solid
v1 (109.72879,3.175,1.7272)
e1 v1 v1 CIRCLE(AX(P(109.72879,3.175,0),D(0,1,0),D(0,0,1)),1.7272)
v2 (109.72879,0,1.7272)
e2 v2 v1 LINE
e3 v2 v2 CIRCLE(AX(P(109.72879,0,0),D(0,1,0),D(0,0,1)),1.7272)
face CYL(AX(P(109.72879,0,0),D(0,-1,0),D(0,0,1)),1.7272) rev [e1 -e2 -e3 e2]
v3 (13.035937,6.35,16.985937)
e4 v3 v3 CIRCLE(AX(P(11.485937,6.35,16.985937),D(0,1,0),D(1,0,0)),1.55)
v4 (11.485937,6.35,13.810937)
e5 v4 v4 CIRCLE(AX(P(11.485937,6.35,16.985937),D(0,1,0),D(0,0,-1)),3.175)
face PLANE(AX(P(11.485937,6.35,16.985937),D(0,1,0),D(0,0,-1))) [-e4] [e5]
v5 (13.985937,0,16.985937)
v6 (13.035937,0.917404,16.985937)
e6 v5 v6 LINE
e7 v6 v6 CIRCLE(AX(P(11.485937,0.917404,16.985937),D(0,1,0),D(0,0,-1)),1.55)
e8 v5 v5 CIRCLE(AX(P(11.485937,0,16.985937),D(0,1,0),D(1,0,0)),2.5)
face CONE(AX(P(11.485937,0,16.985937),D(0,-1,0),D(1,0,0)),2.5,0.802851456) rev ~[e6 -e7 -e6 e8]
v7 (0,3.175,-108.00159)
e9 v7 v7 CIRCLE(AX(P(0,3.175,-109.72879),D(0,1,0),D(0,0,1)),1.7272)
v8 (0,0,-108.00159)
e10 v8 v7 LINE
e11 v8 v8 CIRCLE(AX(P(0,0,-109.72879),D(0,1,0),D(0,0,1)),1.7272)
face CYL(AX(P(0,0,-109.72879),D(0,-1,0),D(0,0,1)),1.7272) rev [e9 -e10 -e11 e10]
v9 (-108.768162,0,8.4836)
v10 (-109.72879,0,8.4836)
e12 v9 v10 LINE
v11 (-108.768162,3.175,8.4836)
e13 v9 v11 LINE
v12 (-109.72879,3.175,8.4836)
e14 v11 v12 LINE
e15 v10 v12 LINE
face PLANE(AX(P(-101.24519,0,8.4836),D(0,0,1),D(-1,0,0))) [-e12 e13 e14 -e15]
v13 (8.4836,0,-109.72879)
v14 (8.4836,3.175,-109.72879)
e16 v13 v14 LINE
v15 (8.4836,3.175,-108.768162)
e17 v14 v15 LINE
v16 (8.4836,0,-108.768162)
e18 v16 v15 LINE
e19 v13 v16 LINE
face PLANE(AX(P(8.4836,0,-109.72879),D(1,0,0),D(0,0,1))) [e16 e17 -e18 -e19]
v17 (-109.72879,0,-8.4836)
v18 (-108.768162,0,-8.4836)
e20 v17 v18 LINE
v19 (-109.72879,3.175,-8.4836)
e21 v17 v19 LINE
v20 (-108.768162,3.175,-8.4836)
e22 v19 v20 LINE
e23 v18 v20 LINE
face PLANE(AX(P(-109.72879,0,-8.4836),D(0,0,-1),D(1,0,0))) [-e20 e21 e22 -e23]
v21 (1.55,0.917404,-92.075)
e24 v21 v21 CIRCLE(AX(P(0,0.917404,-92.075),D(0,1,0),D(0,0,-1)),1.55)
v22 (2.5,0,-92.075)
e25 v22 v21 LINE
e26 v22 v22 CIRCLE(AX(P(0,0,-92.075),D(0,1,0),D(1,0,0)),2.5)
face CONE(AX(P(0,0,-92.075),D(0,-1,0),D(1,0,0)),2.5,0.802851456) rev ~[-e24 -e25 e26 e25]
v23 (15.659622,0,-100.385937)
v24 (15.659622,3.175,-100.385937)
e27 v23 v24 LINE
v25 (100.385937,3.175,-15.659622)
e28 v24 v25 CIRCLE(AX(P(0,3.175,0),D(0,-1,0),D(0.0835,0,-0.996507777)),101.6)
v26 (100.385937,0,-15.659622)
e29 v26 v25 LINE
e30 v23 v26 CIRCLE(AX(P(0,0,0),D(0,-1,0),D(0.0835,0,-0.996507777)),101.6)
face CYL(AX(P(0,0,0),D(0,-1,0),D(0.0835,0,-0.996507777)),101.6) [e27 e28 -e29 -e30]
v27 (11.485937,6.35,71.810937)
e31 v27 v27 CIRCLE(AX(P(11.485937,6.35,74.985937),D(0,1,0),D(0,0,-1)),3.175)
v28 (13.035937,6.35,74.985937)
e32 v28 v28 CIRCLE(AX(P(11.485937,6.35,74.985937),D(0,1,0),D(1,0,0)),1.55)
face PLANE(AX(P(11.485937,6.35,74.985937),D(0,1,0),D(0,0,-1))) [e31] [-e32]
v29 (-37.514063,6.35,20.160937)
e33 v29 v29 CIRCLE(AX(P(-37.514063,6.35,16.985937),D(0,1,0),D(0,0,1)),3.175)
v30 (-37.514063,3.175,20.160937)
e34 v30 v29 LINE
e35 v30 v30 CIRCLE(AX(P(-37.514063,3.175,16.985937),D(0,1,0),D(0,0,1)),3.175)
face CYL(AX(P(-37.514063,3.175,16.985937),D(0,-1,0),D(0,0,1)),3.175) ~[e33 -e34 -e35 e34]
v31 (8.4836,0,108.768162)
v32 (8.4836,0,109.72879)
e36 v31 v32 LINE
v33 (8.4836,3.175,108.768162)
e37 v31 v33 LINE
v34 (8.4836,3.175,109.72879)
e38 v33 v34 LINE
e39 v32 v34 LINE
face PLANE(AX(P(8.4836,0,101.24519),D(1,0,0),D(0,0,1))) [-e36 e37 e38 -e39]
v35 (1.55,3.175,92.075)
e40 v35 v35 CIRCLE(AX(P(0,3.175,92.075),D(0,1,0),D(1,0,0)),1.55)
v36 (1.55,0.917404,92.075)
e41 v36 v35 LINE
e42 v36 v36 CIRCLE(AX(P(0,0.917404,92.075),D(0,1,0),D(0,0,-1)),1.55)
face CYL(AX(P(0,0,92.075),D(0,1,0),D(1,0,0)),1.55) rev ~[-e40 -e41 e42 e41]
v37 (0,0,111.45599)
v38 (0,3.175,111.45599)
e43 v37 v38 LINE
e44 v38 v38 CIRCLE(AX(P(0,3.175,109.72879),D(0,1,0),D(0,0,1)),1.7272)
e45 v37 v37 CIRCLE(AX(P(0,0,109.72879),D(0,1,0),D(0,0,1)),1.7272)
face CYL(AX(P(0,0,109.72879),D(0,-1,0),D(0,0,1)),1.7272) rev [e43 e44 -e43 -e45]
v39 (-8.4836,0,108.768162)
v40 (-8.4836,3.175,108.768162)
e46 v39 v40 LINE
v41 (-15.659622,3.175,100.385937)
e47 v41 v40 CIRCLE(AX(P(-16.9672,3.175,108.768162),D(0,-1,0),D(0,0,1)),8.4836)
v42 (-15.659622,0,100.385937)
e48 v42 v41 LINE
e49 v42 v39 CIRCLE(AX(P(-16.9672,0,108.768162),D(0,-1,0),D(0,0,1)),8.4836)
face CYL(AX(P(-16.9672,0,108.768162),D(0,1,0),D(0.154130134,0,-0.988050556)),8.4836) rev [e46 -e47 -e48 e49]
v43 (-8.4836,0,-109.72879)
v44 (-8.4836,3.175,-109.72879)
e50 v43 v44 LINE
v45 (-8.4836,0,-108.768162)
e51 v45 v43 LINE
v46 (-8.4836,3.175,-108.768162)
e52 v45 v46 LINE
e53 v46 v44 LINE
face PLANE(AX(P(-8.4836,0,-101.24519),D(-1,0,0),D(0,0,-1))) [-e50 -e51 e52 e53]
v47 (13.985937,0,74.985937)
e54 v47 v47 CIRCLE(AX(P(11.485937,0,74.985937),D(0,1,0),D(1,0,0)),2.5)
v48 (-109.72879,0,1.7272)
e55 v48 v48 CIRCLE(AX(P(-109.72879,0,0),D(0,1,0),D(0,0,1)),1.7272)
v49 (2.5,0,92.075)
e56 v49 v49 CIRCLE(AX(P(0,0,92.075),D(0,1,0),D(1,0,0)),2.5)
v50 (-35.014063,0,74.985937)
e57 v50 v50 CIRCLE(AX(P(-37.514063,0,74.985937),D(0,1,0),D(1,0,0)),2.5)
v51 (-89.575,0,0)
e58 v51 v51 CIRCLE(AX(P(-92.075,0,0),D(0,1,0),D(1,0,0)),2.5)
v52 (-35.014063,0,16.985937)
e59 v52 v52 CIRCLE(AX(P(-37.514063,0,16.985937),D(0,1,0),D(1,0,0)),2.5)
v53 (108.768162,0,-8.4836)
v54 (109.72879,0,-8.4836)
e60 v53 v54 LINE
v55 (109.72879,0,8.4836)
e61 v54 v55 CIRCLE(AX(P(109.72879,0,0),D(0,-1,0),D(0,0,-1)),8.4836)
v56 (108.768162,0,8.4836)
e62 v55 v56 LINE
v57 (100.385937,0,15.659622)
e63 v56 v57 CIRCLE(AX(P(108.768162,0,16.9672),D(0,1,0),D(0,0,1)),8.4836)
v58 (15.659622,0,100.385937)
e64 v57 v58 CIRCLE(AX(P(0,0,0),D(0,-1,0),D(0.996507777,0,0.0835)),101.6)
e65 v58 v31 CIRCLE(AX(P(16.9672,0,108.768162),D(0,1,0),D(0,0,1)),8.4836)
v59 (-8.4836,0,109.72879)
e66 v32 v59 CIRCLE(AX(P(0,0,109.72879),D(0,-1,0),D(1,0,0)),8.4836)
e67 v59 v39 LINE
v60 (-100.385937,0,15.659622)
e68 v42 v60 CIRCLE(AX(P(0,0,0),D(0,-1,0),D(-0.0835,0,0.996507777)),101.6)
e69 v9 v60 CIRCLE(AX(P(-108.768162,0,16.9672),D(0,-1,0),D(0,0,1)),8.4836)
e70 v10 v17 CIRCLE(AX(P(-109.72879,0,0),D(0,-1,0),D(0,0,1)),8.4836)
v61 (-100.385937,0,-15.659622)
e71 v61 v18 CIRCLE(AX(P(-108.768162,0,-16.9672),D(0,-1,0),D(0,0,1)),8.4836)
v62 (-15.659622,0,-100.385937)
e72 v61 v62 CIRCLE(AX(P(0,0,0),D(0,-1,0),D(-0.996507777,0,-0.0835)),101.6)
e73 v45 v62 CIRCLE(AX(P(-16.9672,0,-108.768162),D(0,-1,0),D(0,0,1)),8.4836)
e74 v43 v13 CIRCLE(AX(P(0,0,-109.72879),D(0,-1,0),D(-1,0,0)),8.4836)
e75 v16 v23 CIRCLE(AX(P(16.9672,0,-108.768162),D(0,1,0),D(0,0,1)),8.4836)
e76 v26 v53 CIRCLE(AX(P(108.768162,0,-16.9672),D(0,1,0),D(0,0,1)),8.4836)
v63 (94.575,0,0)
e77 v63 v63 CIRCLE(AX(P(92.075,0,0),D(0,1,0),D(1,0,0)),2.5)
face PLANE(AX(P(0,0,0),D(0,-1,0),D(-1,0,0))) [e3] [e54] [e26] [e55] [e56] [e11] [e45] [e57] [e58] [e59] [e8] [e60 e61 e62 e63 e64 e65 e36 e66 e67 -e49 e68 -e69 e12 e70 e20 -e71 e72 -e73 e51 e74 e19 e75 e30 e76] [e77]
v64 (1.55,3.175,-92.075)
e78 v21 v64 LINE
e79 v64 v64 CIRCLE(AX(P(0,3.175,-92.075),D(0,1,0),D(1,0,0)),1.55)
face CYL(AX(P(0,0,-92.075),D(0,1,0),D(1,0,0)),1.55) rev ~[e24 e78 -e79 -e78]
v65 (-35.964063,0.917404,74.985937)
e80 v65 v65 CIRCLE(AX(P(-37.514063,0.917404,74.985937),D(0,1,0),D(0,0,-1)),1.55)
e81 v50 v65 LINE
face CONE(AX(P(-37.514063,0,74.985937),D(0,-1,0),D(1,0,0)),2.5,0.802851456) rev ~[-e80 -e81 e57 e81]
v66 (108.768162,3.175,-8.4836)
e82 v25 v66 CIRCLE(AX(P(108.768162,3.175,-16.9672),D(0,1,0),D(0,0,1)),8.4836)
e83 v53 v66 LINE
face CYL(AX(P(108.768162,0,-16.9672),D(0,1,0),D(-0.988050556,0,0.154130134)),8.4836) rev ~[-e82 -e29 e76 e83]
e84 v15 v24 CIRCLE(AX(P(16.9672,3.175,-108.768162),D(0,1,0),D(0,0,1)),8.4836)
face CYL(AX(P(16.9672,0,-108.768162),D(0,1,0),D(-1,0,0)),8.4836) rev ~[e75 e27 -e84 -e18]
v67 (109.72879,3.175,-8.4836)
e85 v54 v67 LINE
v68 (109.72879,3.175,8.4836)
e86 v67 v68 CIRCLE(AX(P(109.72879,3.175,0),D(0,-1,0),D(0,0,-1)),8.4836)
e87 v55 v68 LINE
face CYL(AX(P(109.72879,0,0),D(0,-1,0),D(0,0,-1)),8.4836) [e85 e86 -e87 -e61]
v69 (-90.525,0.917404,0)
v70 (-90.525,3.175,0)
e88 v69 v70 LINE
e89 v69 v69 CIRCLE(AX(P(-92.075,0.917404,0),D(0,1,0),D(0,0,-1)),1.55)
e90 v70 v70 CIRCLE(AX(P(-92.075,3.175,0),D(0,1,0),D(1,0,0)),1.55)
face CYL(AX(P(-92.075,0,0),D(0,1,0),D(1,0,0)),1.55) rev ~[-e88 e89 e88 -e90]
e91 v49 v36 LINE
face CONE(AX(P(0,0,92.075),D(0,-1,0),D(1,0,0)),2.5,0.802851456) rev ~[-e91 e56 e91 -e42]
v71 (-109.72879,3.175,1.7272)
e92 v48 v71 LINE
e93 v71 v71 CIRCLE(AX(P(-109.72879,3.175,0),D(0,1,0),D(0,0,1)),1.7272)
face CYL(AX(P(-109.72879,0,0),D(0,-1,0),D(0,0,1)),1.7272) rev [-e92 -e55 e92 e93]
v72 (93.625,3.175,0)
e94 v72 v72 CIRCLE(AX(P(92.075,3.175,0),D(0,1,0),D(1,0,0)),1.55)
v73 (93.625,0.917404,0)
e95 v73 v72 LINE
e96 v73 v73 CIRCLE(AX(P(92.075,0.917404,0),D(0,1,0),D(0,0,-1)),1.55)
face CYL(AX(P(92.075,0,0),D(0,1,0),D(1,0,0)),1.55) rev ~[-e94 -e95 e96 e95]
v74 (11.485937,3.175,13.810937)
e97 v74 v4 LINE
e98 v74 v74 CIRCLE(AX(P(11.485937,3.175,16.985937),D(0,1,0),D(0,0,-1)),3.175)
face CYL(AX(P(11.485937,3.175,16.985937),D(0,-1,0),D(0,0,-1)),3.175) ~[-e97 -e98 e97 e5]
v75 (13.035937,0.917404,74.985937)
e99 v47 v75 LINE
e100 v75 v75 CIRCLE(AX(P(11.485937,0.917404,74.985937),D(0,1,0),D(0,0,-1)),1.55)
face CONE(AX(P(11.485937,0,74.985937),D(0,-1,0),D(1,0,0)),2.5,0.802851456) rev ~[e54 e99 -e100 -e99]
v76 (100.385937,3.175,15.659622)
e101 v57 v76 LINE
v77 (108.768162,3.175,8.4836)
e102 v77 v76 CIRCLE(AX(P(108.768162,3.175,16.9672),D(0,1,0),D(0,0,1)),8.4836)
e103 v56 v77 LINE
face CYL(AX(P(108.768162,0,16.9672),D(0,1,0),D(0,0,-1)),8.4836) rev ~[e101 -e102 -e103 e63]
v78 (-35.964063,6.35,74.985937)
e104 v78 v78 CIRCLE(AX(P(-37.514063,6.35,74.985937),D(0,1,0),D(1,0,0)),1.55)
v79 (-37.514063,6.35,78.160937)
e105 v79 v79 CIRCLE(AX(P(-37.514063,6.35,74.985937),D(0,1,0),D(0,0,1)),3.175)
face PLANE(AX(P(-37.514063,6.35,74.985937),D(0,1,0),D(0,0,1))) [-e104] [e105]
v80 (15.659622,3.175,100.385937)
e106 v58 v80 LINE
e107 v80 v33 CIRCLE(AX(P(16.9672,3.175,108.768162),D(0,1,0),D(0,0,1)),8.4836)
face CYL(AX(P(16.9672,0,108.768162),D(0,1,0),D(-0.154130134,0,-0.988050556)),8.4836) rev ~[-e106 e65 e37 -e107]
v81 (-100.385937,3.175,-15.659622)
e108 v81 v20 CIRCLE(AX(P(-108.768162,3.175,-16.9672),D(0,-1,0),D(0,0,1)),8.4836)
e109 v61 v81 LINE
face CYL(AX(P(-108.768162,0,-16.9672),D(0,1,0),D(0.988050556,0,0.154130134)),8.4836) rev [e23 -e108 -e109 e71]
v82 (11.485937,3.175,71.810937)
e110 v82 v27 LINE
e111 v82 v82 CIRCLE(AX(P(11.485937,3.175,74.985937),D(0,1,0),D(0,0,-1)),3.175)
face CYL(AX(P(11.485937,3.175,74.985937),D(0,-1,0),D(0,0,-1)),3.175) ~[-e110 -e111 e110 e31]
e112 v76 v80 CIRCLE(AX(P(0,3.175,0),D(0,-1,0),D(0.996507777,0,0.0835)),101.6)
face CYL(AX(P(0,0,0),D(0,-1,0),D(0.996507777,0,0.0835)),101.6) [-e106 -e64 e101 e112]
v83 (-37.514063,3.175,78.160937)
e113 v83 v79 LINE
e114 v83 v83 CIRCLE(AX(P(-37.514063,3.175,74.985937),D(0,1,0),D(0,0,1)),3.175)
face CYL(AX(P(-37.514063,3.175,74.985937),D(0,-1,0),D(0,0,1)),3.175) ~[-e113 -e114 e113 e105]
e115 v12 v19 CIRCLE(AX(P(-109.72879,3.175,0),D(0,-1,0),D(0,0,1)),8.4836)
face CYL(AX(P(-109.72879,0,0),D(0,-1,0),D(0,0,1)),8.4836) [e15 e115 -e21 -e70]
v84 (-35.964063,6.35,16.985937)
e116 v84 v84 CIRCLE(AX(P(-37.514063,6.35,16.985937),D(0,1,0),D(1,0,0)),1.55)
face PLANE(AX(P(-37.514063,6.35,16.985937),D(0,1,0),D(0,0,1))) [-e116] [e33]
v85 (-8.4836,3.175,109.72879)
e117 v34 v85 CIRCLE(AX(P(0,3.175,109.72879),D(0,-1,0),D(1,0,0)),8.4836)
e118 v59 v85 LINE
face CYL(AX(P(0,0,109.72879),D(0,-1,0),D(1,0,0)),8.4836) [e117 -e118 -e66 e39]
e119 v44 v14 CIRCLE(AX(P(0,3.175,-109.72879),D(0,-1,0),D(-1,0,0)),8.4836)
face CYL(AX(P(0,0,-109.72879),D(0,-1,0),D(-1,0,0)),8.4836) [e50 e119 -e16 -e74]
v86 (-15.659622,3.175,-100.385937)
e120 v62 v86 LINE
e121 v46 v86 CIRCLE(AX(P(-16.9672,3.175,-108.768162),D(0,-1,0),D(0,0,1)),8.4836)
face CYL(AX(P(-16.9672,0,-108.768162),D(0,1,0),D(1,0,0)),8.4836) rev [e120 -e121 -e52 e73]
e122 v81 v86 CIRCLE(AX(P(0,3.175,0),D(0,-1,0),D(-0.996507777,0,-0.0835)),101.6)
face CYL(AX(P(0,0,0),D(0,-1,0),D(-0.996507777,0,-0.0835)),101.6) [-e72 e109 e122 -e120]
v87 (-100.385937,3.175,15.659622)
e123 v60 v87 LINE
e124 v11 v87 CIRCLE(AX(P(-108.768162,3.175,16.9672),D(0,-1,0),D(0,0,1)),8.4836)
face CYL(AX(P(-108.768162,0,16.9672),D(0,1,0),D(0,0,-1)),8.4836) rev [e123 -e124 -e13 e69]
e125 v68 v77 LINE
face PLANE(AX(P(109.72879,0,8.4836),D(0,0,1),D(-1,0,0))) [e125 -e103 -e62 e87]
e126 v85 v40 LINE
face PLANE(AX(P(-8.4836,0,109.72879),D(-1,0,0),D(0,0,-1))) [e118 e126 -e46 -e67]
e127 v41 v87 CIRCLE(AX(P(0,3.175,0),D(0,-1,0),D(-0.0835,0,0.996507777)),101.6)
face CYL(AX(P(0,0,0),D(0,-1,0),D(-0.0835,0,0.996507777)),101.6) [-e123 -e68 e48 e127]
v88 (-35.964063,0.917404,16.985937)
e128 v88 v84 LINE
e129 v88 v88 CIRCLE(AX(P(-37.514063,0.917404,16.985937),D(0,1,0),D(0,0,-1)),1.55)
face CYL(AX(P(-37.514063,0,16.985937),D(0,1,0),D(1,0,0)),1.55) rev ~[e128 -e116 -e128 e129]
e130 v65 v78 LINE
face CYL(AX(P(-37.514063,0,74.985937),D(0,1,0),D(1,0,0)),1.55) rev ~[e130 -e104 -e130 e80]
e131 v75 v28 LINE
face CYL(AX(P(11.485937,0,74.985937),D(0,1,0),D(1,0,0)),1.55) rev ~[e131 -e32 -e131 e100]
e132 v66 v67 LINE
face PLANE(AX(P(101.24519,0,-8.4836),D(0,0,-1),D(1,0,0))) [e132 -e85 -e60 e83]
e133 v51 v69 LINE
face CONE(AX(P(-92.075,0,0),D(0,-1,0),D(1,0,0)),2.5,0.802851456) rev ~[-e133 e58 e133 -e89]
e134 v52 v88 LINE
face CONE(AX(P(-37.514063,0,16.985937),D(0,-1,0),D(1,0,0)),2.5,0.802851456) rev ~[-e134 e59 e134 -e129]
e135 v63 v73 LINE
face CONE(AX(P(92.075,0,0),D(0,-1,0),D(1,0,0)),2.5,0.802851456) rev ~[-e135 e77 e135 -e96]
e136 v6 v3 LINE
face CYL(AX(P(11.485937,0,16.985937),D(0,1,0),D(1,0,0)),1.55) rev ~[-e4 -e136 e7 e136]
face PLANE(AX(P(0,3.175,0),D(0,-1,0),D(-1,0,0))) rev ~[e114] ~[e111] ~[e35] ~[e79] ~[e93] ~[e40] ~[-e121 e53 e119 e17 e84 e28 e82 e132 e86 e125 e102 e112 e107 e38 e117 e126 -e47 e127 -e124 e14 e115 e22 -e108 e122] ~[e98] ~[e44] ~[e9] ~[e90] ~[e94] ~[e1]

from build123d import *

# Parameters (mm, degrees)
SKETCH1_R                                            = 1.7272
BOSS_EXTRUDE1_DEPTH                                  = 3.175
FILLET2_R                                            = 8.4836
SKETCH2_R                                            = 3.175
BOSS_EXTRUDE2_DEPTH                                  = 3.175
CSK_FOR_M2_5_CROSS_COUNTERSUNK_HEAD_SCRE_D           = 3.1
CSK_FOR_M2_5_CROSS_COUNTERSUNK_HEAD_SCRE_CSINK_D     = 5
CSK_FOR_M2_5_CROSS_COUNTERSUNK_HEAD_SCRE_CSINK_ANGLE = 92
CSK_FOR_M2_5_CROSS_COUNTERSUNK_HEAD_2_D              = 3.1
CSK_FOR_M2_5_CROSS_COUNTERSUNK_HEAD_2_CSINK_D        = 5
CSK_FOR_M2_5_CROSS_COUNTERSUNK_HEAD_2_CSINK_ANGLE    = 92


with BuildPart() as part:
    # Sketch1 → Boss-Extrude1 (new body)
    with BuildSketch(Plane(origin=(0, 0, 0), x_dir=(1, 0, 0), z_dir=(0, 1, 0))):
        with BuildLine():
            Line((-8.4836, 101.245190162), (-8.4836, 109.728790162))
            ThreePointArc((-8.4836, 109.728790162), (0, 118.212390162), (8.4836, 109.728790162))
            Line((8.4836, 109.728790162), (8.4836, 101.245190162))
            ThreePointArc((8.4836, 101.245190162), (71.842048969, 71.842048969), (101.245190162, 8.4836))
            Line((101.245190162, 8.4836), (109.728790162, 8.4836))
            ThreePointArc((109.728790162, 8.4836), (118.212390162, 0), (109.728790162, -8.4836))
            Line((109.728790162, -8.4836), (101.245190162, -8.4836))
            ThreePointArc((101.245190162, -8.4836), (71.842048969, -71.842048969), (8.4836, -101.245190162))
            Line((8.4836, -101.245190162), (8.4836, -109.728790162))
            ThreePointArc((8.4836, -109.728790162), (0, -118.212390162), (-8.4836, -109.728790162))
            Line((-8.4836, -109.728790162), (-8.4836, -101.245190162))
            ThreePointArc((-8.4836, -101.245190162), (-71.842048969, -71.842048969), (-101.245190162, -8.4836))
            Line((-101.245190162, -8.4836), (-109.728790162, -8.4836))
            ThreePointArc((-109.728790162, -8.4836), (-118.212390162, 0), (-109.728790162, 8.4836))
            Line((-109.728790162, 8.4836), (-101.245190162, 8.4836))
            ThreePointArc((-101.245190162, 8.4836), (-71.842048969, 71.842048969), (-8.4836, 101.245190162))
        make_face()
        with Locations(Location((0, 109.728790162, 0), (0, 0, 270))):
            Circle(SKETCH1_R, mode=Mode.SUBTRACT)
        with Locations(Location((109.728790162, 0, 0), (0, 0, 270))):
            Circle(SKETCH1_R, mode=Mode.SUBTRACT)
        with Locations(Location((0, -109.728790162, 0), (0, 0, 270))):
            Circle(SKETCH1_R, mode=Mode.SUBTRACT)
        with Locations(Location((-109.728790163, 0, 0), (0, 0, 270))):
            Circle(SKETCH1_R, mode=Mode.SUBTRACT)
    extrude(amount=BOSS_EXTRUDE1_DEPTH)

    # Fillet2
    fillet2_edges = [part.edges().sort_by_distance(p)[0] for p in [
        (8.4836, 1.5875, -101.245190162),
        (101.245190162, 1.5875, -8.4836),
        (101.245190162, 1.5875, 8.4836),
        (8.4836, 1.5875, 101.245190162),
        (-8.4836, 1.5875, 101.245190162),
        (-101.245190162, 1.5875, 8.4836),
        (-101.245190162, 1.5875, -8.4836),
        (-8.4836, 1.5875, -101.245190162),
    ]]
    fillet(fillet2_edges, radius=FILLET2_R)

    # Sketch2 → Boss-Extrude2 (add)
    with BuildSketch(Plane(origin=(0, 3.175, 0), x_dir=(1, 0, 0), z_dir=(0, 1, 0))):
        with Locations(Location((-37.514063478, -74.985936522, 0), (0, 0, 270))):
            Circle(SKETCH2_R)
        with Locations(Location((-37.514063478, -16.985936522, 0), (0, 0, 270))):
            Circle(SKETCH2_R)
        with Locations(Location((11.485936522, -74.985936522, 0), (0, 0, 90))):
            Circle(SKETCH2_R)
        with Locations(Location((11.485936522, -16.985936522, 0), (0, 0, 90))):
            Circle(SKETCH2_R)
    extrude(amount=BOSS_EXTRUDE2_DEPTH)

    # CSK for M2.5 Cross Countersunk Head Scre (through all)
    with Locations(Plane(origin=(0, 0, 0), x_dir=(-1, 0, 0), z_dir=(0, -1, 0))):
        with Locations((-11.485936522, -16.985936522), (37.514063478, -16.985936522), (37.514063478, -74.985936522), (-11.485936522, -74.985936522)):
            CounterSinkHole(CSK_FOR_M2_5_CROSS_COUNTERSUNK_HEAD_SCRE_D / 2, CSK_FOR_M2_5_CROSS_COUNTERSUNK_HEAD_SCRE_CSINK_D / 2, counter_sink_angle=CSK_FOR_M2_5_CROSS_COUNTERSUNK_HEAD_SCRE_CSINK_ANGLE)

    # CSK for M2.5 Cross Countersunk Head  2 (through all)
    with Locations(Plane(origin=(0, 0, 0), x_dir=(-1, 0, 0), z_dir=(0, -1, 0))):
        with Locations((0, 92.075), (0, -92.075), (92.075, 0), (-92.075, 0)):
            CounterSinkHole(CSK_FOR_M2_5_CROSS_COUNTERSUNK_HEAD_2_D / 2, CSK_FOR_M2_5_CROSS_COUNTERSUNK_HEAD_2_CSINK_D / 2, counter_sink_angle=CSK_FOR_M2_5_CROSS_COUNTERSUNK_HEAD_2_CSINK_ANGLE)


solid = part.part
